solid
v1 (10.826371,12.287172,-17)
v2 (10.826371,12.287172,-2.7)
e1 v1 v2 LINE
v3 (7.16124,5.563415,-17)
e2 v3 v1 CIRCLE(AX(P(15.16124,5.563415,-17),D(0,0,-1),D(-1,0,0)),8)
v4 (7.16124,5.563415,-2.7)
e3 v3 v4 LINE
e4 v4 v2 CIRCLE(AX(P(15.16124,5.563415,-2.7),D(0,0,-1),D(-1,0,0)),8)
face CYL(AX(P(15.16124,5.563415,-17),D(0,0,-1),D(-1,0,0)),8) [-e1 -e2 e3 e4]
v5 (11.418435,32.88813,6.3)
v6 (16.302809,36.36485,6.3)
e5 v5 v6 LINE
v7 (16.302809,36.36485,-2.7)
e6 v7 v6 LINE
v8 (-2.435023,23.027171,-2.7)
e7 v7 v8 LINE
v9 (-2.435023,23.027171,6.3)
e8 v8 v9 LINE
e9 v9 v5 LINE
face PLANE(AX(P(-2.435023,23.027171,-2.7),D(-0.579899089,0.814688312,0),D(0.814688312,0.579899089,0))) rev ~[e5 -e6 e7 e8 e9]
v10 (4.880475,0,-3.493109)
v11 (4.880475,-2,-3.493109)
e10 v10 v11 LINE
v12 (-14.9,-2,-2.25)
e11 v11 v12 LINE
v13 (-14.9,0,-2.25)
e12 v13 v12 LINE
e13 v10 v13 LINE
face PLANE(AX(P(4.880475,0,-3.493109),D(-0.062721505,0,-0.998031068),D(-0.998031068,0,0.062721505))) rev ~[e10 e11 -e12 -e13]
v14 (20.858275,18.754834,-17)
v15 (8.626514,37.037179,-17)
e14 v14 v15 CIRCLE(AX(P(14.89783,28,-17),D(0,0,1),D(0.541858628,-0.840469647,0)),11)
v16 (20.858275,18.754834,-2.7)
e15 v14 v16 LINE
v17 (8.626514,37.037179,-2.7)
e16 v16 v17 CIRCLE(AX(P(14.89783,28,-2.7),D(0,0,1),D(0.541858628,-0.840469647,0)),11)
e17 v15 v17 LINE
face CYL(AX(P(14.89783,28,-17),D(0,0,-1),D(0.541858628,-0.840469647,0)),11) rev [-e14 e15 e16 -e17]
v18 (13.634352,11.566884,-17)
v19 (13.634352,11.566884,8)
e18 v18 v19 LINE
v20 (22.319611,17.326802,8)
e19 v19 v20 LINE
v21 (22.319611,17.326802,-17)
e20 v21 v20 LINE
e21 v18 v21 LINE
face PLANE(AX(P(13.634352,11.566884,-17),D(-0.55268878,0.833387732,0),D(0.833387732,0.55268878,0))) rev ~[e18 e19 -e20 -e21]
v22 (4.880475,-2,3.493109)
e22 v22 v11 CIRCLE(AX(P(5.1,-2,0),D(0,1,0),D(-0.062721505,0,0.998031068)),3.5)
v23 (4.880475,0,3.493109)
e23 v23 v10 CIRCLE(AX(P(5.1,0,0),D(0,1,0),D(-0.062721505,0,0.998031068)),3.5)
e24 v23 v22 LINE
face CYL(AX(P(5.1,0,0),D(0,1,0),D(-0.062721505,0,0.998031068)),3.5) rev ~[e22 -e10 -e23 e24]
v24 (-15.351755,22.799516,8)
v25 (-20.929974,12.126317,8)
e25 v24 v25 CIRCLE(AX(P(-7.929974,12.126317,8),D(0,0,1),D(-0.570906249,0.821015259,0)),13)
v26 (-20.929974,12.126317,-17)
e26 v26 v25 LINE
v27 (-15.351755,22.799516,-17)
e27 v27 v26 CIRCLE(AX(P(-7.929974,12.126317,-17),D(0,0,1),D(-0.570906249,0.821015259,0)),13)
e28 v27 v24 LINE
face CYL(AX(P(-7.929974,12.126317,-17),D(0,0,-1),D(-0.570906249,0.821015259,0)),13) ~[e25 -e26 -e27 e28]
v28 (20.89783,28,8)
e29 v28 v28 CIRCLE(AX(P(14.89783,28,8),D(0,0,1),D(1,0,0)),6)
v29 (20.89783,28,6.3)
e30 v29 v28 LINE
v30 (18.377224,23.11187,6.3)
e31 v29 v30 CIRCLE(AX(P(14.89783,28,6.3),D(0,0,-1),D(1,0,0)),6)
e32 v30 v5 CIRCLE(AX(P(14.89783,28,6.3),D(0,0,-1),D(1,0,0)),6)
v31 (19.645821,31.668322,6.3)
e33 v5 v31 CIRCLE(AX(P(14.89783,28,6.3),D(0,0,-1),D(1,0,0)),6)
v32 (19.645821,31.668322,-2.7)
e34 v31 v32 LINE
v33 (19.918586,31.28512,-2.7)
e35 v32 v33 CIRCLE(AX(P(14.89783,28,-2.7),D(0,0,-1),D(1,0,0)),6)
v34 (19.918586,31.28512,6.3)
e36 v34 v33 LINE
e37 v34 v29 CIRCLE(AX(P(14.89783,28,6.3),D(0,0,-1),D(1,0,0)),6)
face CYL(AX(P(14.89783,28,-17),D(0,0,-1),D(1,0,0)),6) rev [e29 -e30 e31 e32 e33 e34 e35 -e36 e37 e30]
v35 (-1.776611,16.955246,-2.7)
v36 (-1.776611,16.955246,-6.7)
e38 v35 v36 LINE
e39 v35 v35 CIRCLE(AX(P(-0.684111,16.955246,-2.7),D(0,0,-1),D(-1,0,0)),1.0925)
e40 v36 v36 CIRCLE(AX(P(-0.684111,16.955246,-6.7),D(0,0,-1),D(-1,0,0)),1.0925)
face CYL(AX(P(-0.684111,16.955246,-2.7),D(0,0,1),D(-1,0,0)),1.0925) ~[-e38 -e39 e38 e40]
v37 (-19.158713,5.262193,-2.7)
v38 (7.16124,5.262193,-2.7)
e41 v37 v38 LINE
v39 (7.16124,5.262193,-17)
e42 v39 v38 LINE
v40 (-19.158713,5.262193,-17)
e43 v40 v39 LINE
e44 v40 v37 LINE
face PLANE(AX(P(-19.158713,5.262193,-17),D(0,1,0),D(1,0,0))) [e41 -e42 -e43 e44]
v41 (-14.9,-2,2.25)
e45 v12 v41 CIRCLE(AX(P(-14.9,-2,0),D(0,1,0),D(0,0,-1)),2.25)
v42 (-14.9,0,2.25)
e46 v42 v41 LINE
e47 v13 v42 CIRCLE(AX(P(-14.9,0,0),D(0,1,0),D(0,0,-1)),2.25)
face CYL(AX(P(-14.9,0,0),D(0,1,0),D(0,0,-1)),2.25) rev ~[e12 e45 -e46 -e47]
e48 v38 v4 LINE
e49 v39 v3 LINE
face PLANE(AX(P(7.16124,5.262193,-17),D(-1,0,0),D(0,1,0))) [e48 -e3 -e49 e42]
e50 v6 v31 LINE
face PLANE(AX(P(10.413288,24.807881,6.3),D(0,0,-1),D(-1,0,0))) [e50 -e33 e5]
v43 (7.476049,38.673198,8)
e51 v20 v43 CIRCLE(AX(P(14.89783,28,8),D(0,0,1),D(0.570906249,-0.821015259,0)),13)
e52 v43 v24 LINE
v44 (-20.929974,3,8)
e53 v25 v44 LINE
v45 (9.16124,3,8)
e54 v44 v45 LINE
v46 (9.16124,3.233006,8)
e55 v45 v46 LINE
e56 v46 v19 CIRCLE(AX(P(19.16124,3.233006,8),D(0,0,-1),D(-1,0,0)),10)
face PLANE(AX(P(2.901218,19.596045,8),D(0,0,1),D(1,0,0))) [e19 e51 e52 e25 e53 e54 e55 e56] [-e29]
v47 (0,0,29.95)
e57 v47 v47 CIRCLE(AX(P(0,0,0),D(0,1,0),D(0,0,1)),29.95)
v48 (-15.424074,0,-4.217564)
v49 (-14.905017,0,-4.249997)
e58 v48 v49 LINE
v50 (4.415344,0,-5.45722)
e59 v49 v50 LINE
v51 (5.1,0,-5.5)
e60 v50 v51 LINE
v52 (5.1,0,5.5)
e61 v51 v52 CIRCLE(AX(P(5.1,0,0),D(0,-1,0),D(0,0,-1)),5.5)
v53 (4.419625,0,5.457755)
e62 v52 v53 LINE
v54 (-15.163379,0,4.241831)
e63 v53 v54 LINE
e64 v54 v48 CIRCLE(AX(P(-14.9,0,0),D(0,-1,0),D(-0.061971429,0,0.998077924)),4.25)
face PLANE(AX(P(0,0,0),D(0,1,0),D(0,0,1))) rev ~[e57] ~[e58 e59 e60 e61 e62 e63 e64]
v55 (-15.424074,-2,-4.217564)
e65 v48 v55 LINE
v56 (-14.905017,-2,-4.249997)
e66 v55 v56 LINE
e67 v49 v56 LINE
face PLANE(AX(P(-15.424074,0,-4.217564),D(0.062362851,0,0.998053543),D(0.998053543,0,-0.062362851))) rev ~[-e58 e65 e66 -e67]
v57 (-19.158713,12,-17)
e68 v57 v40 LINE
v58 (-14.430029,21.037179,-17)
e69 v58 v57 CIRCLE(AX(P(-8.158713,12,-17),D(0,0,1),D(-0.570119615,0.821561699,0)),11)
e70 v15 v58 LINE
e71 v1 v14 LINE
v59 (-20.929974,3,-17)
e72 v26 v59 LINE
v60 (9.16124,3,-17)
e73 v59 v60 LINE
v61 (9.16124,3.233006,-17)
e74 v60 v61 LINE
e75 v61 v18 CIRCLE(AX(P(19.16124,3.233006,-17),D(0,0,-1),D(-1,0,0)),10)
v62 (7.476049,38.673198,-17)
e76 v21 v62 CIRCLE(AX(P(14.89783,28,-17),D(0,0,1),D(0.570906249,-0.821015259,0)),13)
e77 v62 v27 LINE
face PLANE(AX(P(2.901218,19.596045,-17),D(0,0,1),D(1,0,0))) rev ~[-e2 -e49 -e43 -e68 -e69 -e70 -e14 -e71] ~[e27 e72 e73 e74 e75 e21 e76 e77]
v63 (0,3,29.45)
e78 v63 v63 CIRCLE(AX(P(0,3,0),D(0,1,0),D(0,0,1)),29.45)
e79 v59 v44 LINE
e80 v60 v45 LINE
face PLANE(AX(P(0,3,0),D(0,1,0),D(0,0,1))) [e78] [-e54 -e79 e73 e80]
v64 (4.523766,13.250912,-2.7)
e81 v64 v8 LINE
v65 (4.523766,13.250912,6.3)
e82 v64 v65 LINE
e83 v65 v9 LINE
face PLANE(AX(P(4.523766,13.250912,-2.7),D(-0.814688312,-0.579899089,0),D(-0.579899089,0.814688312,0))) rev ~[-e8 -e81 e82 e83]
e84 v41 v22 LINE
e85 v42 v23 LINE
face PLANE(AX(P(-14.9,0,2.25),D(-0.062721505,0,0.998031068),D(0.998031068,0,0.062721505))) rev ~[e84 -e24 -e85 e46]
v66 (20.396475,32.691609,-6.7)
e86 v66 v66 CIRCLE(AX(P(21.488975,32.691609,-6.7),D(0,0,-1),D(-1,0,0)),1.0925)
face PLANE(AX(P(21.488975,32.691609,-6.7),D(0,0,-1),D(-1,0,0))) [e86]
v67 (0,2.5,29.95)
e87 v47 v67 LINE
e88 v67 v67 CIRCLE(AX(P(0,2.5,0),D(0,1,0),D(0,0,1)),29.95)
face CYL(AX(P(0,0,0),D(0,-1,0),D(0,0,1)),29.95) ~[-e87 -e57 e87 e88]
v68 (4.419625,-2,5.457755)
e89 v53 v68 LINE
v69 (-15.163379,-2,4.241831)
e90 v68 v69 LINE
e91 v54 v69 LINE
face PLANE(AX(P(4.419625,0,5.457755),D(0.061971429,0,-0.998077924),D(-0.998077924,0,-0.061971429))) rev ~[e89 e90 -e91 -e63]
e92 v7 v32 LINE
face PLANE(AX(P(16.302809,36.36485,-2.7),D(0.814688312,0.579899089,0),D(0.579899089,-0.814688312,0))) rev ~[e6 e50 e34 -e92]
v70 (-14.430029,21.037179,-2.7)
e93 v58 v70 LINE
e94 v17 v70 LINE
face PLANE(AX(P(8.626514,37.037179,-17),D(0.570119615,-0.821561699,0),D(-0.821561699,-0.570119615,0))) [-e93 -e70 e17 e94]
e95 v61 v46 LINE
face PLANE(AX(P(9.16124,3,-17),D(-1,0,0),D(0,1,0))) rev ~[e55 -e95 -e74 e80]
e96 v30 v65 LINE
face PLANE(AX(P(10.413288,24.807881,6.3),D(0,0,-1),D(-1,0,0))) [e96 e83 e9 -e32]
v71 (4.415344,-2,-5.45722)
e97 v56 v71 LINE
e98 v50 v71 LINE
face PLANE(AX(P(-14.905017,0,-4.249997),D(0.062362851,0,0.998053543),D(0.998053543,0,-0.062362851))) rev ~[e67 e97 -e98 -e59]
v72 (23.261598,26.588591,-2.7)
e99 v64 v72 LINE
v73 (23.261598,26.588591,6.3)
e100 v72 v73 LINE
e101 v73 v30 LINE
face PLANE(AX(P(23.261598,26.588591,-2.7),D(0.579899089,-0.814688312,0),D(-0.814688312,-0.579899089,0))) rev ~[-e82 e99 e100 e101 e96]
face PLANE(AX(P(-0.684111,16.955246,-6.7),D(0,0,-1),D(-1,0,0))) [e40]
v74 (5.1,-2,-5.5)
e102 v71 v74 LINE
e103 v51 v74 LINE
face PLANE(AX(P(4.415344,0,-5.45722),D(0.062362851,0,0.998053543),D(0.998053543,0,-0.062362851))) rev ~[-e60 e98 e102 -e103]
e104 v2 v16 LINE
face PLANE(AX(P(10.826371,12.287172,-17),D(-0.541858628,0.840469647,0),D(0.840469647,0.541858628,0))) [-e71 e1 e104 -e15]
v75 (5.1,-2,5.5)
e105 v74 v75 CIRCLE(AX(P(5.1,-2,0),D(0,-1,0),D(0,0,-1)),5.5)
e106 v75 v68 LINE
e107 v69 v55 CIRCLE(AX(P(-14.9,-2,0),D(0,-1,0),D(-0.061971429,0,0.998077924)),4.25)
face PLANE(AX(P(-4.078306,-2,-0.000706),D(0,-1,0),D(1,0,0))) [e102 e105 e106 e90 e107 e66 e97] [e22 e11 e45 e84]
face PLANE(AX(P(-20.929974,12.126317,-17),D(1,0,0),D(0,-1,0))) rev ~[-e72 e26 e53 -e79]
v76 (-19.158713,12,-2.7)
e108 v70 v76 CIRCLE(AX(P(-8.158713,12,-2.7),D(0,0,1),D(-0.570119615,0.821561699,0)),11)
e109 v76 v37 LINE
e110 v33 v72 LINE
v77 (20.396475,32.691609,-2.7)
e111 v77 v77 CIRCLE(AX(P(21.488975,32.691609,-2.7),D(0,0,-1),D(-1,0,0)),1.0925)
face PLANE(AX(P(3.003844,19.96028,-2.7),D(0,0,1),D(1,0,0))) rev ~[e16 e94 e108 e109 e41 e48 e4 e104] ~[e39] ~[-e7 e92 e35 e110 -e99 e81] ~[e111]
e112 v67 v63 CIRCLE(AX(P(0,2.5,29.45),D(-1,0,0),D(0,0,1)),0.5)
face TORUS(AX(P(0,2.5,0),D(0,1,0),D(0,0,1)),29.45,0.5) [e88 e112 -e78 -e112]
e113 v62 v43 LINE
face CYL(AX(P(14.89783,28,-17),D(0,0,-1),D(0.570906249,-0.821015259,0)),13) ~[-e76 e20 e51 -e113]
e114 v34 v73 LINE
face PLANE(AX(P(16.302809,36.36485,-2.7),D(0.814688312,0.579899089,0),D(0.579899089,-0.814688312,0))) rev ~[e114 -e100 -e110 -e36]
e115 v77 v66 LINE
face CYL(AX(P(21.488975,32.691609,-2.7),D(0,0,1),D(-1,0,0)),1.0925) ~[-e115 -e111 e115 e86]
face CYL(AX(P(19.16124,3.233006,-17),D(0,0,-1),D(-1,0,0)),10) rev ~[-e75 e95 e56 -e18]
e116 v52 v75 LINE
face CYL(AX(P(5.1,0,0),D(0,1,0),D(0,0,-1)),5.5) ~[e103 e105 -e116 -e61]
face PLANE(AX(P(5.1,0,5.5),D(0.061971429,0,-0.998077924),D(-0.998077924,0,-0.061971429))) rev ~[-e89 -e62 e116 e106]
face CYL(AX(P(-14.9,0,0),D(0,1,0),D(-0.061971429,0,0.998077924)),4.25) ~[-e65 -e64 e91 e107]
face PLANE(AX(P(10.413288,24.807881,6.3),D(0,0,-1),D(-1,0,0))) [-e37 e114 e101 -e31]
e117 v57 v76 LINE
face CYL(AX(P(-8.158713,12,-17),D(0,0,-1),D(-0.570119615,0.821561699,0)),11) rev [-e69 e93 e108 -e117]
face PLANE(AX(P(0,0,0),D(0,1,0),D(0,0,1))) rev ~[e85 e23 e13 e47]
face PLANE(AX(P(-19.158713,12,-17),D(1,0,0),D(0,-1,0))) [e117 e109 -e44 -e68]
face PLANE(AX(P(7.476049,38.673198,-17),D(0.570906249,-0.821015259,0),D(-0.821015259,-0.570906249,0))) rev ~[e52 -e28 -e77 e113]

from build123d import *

# Parameters (mm, degrees)
SKETCH1_R                = 29.95
BOSS_EXTRUDE1_DEPTH      = 3
FILLET1_R                = 0.5
BOSS_EXTRUDE2_DEPTH      = 8
BOSS_EXTRUDE2_DEPTH_BACK = 17
SKETCH3_R                = 6
CUT_EXTRUDE2_DEPTH       = 14.3
CUT_EXTRUDE4_START       = -14.3
CUT_EXTRUDE4_DEPTH       = 9
SKETCH7_R                = 1.0925
BOSS_EXTRUDE3_DEPTH      = 4
BOSS_EXTRUDE4_DEPTH      = 2


with BuildPart() as part:
    # Sketch1 → Boss-Extrude1 (new body)
    with BuildSketch(Plane(origin=(0, 0, 0), x_dir=(1, 0, 0), z_dir=(0, 1, 0))):
        with Locations(Location((0, 0, 0), (0, 0, 270))):
            Circle(SKETCH1_R)
    extrude(amount=BOSS_EXTRUDE1_DEPTH)

    # Fillet1
    fillet1_edges = [part.edges().sort_by_distance(p)[0] for p in [
        (0, 3, -29.95),
    ]]
    fillet(fillet1_edges, radius=FILLET1_R)

    # Sketch3 → Boss-Extrude2 (add, two sides: drawn at the far end of the back side and taken through both)
    with BuildSketch(Plane.XY.offset(-BOSS_EXTRUDE2_DEPTH_BACK)):
        with BuildLine():
            ThreePointArc((22.319611022, 17.326801635), (25.571028156, 35.421781232), (7.476048559, 38.673198365))
            Line((7.476048559, 38.673198365), (-15.351755113, 22.799515608))
            ThreePointArc((-15.351755113, 22.799515608), (-19.451327013, 18.1478139), (-20.929973881, 12.126317243))
            Line((-20.929973881, 12.126317243), (-20.929973881, 3))
            Line((-20.929973881, 3), (9.161240081, 3))
            Line((9.161240081, 3), (9.161240081, 3.233006236))
            ThreePointArc((9.161240081, 3.233006236), (10.350199335, 7.962230378), (13.634352277, 11.566883557))
            Line((13.634352277, 11.566883557), (22.319611022, 17.326801635))
        make_face()
        with Locations((14.897829791, 28)):
            Circle(SKETCH3_R, mode=Mode.SUBTRACT)
    extrude(amount=BOSS_EXTRUDE2_DEPTH + BOSS_EXTRUDE2_DEPTH_BACK)

    # Sketch5 → Cut-Extrude2 (cut)
    with BuildSketch(Plane(origin=(0, 0, -17), x_dir=(-1, 0, 0), z_dir=(0, 0, -1))):
        with BuildLine():
            Line((-8.626514029, 37.037178687), (14.430028566, 21.037178687))
            ThreePointArc((14.430028566, 21.037178687), (17.905108892, 17.099780712), (19.158712805, 12))
            Line((19.158712805, 12), (19.158712805, 5.262193484))
            Line((19.158712805, 5.262193484), (-7.161240081, 5.262193484))
            Line((-7.161240081, 5.262193484), (-7.161240081, 5.56341477))
            ThreePointArc((-7.161240081, 5.56341477), (-8.137033641, 9.392321128), (-10.826371055, 12.287171944))
            Line((-10.826371055, 12.287171944), (-20.858274701, 18.754833886))
            ThreePointArc((-20.858274701, 18.754833886), (-24.040323598, 34.116764421), (-8.626514029, 37.037178687))
        make_face()
    extrude(amount=-CUT_EXTRUDE2_DEPTH, mode=Mode.SUBTRACT)

    # Sketch4 → Cut-Extrude4 (cut)
    with BuildSketch(Plane(origin=(0, 0, -17), x_dir=(-1, 0, 0), z_dir=(0, 0, -1)).offset(CUT_EXTRUDE4_START)):
        Polygon((-23.261597646, 26.588590728), (-4.523766462, 13.250911675), (2.435022609, 23.027171423), (-16.302808575, 36.364850476), align=None)
    extrude(amount=-CUT_EXTRUDE4_DEPTH, mode=Mode.SUBTRACT)

    # Sketch7 → Boss-Extrude3 (add)
    with BuildSketch(Plane(origin=(0, 0, -2.7), x_dir=(-1, 0, 0), z_dir=(0, 0, -1))):
        with Locations((-21.488975125, 32.691609194)):
            Circle(SKETCH7_R)
        with Locations((0.684110702, 16.95524562)):
            Circle(SKETCH7_R)
    extrude(amount=BOSS_EXTRUDE3_DEPTH)

    # Sketch8 → Boss-Extrude4 (add)
    with BuildSketch(Plane.XZ):
        with BuildLine():
            Line((4.419624532, 5.457754962), (-15.163378573, 4.241831176))
            ThreePointArc((-15.163378573, 4.241831176), (-19.147983311, 0.130911389), (-15.424074318, -4.217564002))
            Line((-15.424074318, -4.217564002), (-14.905016784, -4.249997039))
            Line((-14.905016784, -4.249997039), (4.41534389, -5.457219623))
            Line((4.41534389, -5.457219623), (5.1, -5.5))
            ThreePointArc((5.1, -5.5), (10.6, 0), (5.1, 5.5))
            Line((5.1, 5.5), (4.419624532, 5.457754962))
        make_face()
        with BuildLine():
            Line((-14.9, 2.25), (4.880474733, 3.493108738))
            ThreePointArc((4.880474733, 3.493108738), (8.6, 0), (4.880474733, -3.493108738))
            Line((4.880474733, -3.493108738), (-14.9, -2.25))
            ThreePointArc((-14.9, -2.25), (-17.15, 0), (-14.9, 2.25))
        make_face(mode=Mode.SUBTRACT)
    extrude(amount=BOSS_EXTRUDE4_DEPTH)


solid = part.part
